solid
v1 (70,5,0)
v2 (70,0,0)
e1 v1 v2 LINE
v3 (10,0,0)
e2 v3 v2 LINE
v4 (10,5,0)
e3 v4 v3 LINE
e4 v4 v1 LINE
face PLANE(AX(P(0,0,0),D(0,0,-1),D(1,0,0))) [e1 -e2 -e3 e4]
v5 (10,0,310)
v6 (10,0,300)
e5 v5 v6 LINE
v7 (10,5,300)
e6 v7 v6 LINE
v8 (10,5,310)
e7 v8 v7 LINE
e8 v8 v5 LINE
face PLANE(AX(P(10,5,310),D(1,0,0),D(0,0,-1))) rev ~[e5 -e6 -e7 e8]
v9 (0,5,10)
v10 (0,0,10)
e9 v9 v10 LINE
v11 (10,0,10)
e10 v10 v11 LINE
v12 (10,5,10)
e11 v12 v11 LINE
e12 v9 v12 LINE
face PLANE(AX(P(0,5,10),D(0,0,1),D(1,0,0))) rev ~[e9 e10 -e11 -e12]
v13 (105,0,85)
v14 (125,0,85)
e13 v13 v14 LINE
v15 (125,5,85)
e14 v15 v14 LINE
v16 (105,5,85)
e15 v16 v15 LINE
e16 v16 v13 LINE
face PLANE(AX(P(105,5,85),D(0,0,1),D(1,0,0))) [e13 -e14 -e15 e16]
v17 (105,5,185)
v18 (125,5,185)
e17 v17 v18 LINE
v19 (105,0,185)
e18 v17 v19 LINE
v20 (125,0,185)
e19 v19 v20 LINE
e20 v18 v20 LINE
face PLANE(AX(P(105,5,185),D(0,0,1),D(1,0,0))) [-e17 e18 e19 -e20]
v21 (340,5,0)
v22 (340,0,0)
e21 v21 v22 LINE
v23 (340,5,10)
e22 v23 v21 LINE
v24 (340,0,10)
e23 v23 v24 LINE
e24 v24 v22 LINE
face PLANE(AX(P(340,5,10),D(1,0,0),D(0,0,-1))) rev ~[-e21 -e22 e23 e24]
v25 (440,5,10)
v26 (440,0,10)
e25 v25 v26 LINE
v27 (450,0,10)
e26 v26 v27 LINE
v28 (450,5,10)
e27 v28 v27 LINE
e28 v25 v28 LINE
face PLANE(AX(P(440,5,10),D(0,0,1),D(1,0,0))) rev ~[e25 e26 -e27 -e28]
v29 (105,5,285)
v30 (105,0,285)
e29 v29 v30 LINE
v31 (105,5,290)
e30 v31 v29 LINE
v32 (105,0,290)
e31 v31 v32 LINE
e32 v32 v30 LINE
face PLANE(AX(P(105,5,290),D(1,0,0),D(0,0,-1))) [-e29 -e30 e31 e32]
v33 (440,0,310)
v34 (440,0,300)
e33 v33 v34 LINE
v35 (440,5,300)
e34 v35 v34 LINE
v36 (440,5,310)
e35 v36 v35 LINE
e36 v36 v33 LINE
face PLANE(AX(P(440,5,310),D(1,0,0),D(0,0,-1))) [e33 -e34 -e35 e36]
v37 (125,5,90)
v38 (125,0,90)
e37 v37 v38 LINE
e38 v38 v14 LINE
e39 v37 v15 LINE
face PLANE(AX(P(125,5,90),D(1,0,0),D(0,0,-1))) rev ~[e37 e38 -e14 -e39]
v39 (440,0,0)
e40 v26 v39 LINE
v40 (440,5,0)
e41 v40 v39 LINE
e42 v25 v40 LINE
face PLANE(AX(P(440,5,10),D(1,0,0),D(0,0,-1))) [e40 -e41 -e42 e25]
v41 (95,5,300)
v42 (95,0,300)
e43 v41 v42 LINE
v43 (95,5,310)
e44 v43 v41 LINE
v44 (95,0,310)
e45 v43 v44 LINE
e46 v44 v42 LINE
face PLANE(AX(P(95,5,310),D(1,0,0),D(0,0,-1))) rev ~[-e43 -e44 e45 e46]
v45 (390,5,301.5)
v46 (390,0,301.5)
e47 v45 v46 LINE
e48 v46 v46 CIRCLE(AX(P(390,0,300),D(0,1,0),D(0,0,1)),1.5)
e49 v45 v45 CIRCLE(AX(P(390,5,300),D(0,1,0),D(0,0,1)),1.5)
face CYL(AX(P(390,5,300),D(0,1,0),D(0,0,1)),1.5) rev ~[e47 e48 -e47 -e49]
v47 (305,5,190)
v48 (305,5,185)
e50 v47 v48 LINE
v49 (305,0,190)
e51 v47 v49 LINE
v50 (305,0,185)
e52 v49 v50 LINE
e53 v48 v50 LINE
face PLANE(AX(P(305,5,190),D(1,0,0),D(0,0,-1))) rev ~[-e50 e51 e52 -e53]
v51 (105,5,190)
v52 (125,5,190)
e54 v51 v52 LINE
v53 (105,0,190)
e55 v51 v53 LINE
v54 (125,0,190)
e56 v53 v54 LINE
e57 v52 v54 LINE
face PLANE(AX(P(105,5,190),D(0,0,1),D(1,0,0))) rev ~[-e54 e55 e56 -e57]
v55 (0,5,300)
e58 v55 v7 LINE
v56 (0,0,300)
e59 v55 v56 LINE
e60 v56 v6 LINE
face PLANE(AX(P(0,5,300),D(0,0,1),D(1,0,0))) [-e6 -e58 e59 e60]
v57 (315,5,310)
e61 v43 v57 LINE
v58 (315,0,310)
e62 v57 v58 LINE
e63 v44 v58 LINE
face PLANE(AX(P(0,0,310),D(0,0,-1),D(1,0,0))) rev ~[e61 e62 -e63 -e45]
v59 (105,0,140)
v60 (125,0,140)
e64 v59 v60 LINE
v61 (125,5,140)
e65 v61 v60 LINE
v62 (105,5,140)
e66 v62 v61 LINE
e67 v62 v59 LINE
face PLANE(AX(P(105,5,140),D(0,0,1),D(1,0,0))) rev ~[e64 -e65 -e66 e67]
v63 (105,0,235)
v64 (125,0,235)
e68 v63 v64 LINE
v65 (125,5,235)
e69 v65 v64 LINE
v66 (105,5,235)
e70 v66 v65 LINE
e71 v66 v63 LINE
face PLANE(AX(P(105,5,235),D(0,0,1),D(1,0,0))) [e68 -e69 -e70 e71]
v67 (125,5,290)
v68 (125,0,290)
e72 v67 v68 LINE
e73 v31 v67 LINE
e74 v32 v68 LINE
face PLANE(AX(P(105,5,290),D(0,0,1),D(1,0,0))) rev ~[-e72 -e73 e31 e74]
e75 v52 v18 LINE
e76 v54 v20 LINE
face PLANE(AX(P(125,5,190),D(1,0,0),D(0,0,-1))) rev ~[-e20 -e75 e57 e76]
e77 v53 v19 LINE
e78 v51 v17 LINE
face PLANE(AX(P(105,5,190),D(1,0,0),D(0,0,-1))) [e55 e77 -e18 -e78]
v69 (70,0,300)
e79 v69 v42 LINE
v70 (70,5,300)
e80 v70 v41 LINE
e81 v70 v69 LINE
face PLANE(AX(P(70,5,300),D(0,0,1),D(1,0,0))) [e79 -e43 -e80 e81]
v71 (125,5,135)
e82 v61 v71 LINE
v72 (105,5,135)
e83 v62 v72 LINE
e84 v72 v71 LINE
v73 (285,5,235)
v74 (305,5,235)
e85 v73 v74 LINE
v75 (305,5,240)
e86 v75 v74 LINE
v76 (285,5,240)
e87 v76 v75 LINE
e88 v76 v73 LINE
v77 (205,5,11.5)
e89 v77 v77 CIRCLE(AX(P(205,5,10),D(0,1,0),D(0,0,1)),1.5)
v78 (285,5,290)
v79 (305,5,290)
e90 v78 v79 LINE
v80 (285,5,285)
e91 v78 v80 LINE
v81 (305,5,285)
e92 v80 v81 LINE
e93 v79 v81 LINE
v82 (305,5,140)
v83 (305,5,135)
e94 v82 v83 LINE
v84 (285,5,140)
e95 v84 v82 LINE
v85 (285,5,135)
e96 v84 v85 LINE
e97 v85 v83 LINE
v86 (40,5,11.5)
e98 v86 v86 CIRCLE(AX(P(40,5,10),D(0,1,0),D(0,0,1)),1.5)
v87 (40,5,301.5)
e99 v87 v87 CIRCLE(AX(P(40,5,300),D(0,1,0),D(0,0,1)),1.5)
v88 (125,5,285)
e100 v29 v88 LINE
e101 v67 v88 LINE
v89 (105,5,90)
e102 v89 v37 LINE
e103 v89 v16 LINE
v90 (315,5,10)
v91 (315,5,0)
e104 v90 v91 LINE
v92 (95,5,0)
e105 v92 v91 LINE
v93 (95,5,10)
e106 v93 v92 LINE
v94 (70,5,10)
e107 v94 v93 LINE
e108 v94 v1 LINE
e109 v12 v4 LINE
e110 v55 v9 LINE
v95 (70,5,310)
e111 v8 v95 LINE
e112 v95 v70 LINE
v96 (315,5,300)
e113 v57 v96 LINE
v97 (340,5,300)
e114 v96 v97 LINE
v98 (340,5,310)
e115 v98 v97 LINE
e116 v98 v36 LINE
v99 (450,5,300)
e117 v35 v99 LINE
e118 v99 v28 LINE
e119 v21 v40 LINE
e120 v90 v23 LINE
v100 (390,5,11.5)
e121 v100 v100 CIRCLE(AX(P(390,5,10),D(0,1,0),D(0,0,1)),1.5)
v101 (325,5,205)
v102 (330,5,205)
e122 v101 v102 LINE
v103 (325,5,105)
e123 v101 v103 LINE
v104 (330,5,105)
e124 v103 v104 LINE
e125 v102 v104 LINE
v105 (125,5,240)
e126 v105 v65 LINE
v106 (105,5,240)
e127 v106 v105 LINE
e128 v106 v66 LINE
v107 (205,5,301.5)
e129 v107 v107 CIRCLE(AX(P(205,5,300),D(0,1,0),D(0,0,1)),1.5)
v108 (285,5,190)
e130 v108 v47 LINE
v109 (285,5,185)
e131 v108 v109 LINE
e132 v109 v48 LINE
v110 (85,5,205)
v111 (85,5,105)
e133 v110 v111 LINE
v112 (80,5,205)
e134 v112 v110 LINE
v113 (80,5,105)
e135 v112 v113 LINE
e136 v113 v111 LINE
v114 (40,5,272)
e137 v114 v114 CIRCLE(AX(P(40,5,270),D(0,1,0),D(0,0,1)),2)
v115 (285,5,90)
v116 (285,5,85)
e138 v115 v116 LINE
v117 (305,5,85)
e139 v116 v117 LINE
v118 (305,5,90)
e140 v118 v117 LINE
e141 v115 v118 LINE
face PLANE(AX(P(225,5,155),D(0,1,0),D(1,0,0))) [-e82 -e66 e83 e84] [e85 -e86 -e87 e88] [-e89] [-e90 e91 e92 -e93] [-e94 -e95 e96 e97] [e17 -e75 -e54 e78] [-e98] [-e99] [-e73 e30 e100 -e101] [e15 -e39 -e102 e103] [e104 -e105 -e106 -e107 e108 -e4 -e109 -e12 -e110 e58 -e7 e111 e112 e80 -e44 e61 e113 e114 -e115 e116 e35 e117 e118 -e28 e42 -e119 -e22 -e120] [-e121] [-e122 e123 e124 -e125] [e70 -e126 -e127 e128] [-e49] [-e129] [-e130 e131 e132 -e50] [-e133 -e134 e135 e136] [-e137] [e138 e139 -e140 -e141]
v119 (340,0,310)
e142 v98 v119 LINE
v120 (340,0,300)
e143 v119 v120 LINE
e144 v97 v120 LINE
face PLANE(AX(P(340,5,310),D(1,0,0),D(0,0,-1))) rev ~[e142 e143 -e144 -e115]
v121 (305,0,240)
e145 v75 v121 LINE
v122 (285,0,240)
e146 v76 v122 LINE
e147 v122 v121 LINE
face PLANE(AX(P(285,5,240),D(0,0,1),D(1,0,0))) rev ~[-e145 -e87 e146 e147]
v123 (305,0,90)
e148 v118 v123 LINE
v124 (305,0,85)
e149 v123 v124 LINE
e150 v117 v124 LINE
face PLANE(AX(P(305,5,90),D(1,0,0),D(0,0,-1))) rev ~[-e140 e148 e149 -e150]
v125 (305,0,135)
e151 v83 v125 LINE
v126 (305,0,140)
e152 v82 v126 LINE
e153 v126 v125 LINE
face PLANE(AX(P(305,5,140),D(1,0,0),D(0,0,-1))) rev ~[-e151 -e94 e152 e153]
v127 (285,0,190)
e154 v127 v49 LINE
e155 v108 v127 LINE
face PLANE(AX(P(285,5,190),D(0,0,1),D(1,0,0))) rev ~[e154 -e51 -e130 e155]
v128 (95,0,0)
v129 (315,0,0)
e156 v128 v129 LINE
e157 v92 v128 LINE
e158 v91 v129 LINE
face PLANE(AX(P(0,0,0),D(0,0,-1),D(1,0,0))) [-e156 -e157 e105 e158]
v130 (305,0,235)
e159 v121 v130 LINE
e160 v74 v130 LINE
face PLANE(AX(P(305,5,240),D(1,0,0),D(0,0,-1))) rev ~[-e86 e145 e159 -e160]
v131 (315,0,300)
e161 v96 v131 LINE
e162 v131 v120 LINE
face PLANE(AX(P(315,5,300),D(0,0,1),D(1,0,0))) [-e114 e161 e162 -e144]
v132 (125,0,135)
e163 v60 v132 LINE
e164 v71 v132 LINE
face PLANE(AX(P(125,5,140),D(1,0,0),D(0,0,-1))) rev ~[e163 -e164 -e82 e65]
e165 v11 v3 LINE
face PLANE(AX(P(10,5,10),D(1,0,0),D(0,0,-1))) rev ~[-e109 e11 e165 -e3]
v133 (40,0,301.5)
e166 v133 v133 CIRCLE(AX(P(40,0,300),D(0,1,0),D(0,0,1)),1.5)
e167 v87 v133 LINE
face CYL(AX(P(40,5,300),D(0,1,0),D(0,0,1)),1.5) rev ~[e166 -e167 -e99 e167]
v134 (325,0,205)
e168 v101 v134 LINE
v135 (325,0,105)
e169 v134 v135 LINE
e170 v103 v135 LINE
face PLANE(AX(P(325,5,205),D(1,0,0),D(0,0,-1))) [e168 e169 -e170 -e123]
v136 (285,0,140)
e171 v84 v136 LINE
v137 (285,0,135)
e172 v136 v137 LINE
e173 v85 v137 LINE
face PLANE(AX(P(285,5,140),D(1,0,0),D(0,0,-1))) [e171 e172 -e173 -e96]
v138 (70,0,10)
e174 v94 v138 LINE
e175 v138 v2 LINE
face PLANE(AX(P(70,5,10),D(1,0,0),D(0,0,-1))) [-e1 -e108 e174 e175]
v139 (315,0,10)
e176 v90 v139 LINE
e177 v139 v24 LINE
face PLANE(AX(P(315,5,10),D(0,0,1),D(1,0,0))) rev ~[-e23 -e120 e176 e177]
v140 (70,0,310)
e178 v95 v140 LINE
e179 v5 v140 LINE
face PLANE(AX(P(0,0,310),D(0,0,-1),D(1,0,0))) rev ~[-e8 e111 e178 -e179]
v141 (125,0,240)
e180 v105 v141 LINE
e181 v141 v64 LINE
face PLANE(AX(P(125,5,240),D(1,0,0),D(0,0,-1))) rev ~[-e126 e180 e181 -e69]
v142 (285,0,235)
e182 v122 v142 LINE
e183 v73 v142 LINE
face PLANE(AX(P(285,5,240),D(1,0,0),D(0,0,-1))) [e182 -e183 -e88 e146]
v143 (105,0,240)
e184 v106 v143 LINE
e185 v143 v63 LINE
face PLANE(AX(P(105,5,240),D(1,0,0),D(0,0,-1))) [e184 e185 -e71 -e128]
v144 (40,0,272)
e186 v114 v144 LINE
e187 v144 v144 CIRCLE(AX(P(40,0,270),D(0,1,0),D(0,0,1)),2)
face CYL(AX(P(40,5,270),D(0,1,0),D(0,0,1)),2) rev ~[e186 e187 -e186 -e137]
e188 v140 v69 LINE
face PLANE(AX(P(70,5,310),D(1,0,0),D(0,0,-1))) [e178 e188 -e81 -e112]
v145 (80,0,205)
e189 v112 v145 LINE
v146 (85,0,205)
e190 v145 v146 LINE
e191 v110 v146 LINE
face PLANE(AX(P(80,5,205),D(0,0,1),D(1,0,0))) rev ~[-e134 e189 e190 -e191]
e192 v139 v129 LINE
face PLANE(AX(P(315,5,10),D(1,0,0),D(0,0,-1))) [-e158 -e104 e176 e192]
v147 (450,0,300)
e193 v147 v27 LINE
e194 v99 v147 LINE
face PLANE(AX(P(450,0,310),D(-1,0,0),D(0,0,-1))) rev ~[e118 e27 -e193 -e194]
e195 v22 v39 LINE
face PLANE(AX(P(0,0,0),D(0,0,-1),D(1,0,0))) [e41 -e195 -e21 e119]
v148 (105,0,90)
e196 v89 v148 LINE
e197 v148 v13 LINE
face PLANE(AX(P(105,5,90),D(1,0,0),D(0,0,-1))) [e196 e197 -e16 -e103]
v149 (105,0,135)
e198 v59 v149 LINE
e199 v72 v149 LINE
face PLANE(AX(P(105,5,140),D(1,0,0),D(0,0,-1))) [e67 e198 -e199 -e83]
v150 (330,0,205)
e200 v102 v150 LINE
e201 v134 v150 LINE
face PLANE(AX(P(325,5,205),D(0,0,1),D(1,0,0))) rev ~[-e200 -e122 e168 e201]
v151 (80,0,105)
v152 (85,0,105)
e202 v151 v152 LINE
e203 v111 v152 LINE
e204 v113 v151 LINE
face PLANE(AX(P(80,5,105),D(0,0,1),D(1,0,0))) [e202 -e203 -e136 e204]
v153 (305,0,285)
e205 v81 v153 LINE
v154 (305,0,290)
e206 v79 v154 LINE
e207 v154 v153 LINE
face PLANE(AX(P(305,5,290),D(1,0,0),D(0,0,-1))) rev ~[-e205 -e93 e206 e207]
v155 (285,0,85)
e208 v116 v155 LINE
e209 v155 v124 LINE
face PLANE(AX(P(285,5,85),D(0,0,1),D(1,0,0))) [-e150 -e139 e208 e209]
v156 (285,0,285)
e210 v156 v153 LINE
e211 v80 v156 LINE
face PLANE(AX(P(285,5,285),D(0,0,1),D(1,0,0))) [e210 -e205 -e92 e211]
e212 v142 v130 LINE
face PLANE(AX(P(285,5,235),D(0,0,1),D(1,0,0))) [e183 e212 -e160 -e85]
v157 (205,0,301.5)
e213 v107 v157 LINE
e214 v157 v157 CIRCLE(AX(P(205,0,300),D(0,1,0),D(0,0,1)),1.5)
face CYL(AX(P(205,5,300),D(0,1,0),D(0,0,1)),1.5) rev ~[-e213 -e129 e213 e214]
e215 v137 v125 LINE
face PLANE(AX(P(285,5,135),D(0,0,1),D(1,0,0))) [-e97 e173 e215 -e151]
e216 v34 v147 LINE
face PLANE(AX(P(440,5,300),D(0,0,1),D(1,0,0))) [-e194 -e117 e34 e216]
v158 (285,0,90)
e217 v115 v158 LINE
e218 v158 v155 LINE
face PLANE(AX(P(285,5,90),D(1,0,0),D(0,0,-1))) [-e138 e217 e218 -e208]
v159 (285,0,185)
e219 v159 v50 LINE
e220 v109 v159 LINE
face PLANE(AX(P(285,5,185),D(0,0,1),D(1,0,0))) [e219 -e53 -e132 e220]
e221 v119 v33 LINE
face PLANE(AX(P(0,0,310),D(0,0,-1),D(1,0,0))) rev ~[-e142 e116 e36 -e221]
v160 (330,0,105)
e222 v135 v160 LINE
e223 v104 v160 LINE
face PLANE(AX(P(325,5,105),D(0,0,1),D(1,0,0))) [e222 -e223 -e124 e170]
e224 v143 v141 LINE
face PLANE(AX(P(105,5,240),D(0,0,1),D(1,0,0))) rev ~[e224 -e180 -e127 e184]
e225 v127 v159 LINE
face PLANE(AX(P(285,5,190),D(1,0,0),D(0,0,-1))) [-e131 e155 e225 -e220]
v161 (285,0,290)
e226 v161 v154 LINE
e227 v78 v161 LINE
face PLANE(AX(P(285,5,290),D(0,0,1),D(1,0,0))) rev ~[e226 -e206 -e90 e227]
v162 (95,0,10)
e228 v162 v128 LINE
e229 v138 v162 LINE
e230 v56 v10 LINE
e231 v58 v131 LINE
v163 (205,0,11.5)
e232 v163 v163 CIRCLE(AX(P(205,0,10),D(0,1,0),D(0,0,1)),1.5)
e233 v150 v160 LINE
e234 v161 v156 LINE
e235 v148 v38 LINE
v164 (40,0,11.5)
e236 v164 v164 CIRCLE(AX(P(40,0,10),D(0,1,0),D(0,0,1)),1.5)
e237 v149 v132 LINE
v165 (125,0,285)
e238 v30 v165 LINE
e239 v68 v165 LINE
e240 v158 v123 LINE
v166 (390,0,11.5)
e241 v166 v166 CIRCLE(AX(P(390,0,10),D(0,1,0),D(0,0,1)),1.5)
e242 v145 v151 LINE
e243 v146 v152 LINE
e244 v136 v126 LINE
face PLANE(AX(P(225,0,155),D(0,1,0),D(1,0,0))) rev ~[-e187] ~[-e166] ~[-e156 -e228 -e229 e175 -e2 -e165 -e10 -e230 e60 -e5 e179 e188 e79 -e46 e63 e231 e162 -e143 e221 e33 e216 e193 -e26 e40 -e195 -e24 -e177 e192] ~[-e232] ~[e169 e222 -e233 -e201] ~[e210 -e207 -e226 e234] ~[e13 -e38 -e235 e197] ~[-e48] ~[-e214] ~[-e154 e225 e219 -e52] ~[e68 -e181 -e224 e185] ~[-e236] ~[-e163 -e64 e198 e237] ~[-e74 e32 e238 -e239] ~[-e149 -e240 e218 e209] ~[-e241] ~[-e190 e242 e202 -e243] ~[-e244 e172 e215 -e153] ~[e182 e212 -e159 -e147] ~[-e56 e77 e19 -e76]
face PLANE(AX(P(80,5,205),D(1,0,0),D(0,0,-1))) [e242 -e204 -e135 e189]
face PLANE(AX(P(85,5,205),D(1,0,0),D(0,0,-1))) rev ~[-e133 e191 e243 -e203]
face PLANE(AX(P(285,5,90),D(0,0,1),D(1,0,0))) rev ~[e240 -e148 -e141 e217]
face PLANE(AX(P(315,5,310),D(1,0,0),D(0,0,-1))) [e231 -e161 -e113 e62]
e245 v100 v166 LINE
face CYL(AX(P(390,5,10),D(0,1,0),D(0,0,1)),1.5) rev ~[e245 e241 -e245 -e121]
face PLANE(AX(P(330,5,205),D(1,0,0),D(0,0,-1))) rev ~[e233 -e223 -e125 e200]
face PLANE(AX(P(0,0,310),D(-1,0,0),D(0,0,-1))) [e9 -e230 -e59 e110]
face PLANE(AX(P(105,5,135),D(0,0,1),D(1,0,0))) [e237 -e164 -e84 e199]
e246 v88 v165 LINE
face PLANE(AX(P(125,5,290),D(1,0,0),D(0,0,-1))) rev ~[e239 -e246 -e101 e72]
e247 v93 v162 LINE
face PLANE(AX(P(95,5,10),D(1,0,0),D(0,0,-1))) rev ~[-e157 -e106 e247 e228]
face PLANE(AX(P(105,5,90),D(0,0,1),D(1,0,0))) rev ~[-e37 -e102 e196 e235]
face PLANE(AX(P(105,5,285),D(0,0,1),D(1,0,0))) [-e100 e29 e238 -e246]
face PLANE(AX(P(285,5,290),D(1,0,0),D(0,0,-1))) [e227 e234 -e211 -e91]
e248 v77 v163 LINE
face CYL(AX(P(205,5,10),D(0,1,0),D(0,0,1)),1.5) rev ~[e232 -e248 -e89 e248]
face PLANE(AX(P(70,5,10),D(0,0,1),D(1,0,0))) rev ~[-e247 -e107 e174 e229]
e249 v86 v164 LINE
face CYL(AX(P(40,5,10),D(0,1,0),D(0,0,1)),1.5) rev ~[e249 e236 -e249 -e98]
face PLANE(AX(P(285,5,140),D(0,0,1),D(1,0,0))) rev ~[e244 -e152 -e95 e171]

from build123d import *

# Parameters (mm, degrees)
SKIZZE1_W                       = 450
SKIZZE1_H                       = 310
AUFSATZ_LINEAR_AUSTRAGEN1_DEPTH = 5
SKIZZE2_W                       = 10
SKIZZE2_H                       = 10
SKIZZE2_W_2                     = 25
SCHNITT_LINEAR_AUSTRAGEN1_DEPTH = 547.465918425
SKIZZE3_W                       = 5
SKIZZE3_H                       = 100
SCHNITT_LINEAR_AUSTRAGEN2_DEPTH = 547.465918425
SKIZZE4_W                       = 20
SKIZZE4_H                       = 5
SCHNITT_LINEAR_AUSTRAGEN3_DEPTH = 547.465918425
SKIZZE5_R                       = 1.5
SCHNITT_LINEAR_AUSTRAGEN4_DEPTH = 547.465918425
SKIZZE6_R                       = 2
SCHNITT_LINEAR_AUSTRAGEN5_DEPTH = 547.465918425


with BuildPart() as part:
    # Skizze1 → Aufsatz-Linear austragen1 (new body)
    with BuildSketch(Plane(origin=(0, 0, 0), x_dir=(1, 0, 0), z_dir=(0, 1, 0))):
        with Locations((225, -155)):
            Rectangle(SKIZZE1_W, SKIZZE1_H)
    extrude(amount=AUFSATZ_LINEAR_AUSTRAGEN1_DEPTH)

    # Skizze2 → Schnitt-Linear austragen1 (cut, through all)
    with BuildSketch(Plane(origin=(0, 5, 0), x_dir=(1, 0, 0), z_dir=(0, 1, 0))):
        with Locations((5, -5)):
            Rectangle(SKIZZE2_W, SKIZZE2_H)
        with Locations((445, -305)):
            Rectangle(SKIZZE2_W, SKIZZE2_H)
        with Locations((445, -5)):
            Rectangle(SKIZZE2_W, SKIZZE2_H)
        with Locations((5, -305)):
            Rectangle(SKIZZE2_W, SKIZZE2_H)
        with Locations((82.5, -5)):
            Rectangle(SKIZZE2_W_2, SKIZZE2_H)
        with Locations((327.5, -5)):
            Rectangle(SKIZZE2_W_2, SKIZZE2_H)
        with Locations((327.5, -305)):
            Rectangle(SKIZZE2_W_2, SKIZZE2_H)
        with Locations((82.5, -305)):
            Rectangle(SKIZZE2_W_2, SKIZZE2_H)
    extrude(amount=-SCHNITT_LINEAR_AUSTRAGEN1_DEPTH, mode=Mode.SUBTRACT)

    # Skizze3 → Schnitt-Linear austragen2 (cut, through all)
    with BuildSketch(Plane(origin=(0, 5, 0), x_dir=(1, 0, 0), z_dir=(0, 1, 0))):
        with Locations((82.5, -155)):
            Rectangle(SKIZZE3_W, SKIZZE3_H)
        with Locations((327.5, -155)):
            Rectangle(SKIZZE3_W, SKIZZE3_H)
    extrude(amount=-SCHNITT_LINEAR_AUSTRAGEN2_DEPTH, mode=Mode.SUBTRACT)

    # Skizze4 → Schnitt-Linear austragen3 (cut, through all)
    with BuildSketch(Plane(origin=(0, 5, 0), x_dir=(1, 0, 0), z_dir=(0, 1, 0))):
        with Locations((115, -287.5)):
            Rectangle(SKIZZE4_W, SKIZZE4_H)
        with Locations((295, -287.5)):
            Rectangle(SKIZZE4_W, SKIZZE4_H)
        with Locations((115, -237.5)):
            Rectangle(SKIZZE4_W, SKIZZE4_H)
        with Locations((115, -187.5)):
            Rectangle(SKIZZE4_W, SKIZZE4_H)
        with Locations((115, -137.5)):
            Rectangle(SKIZZE4_W, SKIZZE4_H)
        with Locations((115, -87.5)):
            Rectangle(SKIZZE4_W, SKIZZE4_H)
        with Locations((295, -237.5)):
            Rectangle(SKIZZE4_W, SKIZZE4_H)
        with Locations((295, -187.5)):
            Rectangle(SKIZZE4_W, SKIZZE4_H)
        with Locations((295, -137.5)):
            Rectangle(SKIZZE4_W, SKIZZE4_H)
        with Locations((295, -87.5)):
            Rectangle(SKIZZE4_W, SKIZZE4_H)
    extrude(amount=-SCHNITT_LINEAR_AUSTRAGEN3_DEPTH, mode=Mode.SUBTRACT)

    # Skizze5 → Schnitt-Linear austragen4 (cut, through all)
    with BuildSketch(Plane(origin=(0, 5, 0), x_dir=(1, 0, 0), z_dir=(0, 1, 0))):
        with Locations(Location((40, -10, 0), (0, 0, 270))):
            Circle(SKIZZE5_R)
        with Locations(Location((205, -10, 0), (0, 0, 270))):
            Circle(SKIZZE5_R)
        with Locations(Location((390, -10, 0), (0, 0, 270))):
            Circle(SKIZZE5_R)
        with Locations(Location((40, -300, 0), (0, 0, 270))):
            Circle(SKIZZE5_R)
        with Locations(Location((205, -300, 0), (0, 0, 270))):
            Circle(SKIZZE5_R)
        with Locations(Location((390, -300, 0), (0, 0, 270))):
            Circle(SKIZZE5_R)
    extrude(amount=-SCHNITT_LINEAR_AUSTRAGEN4_DEPTH, mode=Mode.SUBTRACT)

    # Skizze6 → Schnitt-Linear austragen5 (cut, through all)
    with BuildSketch(Plane(origin=(0, 5, 0), x_dir=(1, 0, 0), z_dir=(0, 1, 0))):
        with Locations(Location((40, -270, 0), (0, 0, 270))):
            Circle(SKIZZE6_R)
    extrude(amount=-SCHNITT_LINEAR_AUSTRAGEN5_DEPTH, mode=Mode.SUBTRACT)


solid = part.part
